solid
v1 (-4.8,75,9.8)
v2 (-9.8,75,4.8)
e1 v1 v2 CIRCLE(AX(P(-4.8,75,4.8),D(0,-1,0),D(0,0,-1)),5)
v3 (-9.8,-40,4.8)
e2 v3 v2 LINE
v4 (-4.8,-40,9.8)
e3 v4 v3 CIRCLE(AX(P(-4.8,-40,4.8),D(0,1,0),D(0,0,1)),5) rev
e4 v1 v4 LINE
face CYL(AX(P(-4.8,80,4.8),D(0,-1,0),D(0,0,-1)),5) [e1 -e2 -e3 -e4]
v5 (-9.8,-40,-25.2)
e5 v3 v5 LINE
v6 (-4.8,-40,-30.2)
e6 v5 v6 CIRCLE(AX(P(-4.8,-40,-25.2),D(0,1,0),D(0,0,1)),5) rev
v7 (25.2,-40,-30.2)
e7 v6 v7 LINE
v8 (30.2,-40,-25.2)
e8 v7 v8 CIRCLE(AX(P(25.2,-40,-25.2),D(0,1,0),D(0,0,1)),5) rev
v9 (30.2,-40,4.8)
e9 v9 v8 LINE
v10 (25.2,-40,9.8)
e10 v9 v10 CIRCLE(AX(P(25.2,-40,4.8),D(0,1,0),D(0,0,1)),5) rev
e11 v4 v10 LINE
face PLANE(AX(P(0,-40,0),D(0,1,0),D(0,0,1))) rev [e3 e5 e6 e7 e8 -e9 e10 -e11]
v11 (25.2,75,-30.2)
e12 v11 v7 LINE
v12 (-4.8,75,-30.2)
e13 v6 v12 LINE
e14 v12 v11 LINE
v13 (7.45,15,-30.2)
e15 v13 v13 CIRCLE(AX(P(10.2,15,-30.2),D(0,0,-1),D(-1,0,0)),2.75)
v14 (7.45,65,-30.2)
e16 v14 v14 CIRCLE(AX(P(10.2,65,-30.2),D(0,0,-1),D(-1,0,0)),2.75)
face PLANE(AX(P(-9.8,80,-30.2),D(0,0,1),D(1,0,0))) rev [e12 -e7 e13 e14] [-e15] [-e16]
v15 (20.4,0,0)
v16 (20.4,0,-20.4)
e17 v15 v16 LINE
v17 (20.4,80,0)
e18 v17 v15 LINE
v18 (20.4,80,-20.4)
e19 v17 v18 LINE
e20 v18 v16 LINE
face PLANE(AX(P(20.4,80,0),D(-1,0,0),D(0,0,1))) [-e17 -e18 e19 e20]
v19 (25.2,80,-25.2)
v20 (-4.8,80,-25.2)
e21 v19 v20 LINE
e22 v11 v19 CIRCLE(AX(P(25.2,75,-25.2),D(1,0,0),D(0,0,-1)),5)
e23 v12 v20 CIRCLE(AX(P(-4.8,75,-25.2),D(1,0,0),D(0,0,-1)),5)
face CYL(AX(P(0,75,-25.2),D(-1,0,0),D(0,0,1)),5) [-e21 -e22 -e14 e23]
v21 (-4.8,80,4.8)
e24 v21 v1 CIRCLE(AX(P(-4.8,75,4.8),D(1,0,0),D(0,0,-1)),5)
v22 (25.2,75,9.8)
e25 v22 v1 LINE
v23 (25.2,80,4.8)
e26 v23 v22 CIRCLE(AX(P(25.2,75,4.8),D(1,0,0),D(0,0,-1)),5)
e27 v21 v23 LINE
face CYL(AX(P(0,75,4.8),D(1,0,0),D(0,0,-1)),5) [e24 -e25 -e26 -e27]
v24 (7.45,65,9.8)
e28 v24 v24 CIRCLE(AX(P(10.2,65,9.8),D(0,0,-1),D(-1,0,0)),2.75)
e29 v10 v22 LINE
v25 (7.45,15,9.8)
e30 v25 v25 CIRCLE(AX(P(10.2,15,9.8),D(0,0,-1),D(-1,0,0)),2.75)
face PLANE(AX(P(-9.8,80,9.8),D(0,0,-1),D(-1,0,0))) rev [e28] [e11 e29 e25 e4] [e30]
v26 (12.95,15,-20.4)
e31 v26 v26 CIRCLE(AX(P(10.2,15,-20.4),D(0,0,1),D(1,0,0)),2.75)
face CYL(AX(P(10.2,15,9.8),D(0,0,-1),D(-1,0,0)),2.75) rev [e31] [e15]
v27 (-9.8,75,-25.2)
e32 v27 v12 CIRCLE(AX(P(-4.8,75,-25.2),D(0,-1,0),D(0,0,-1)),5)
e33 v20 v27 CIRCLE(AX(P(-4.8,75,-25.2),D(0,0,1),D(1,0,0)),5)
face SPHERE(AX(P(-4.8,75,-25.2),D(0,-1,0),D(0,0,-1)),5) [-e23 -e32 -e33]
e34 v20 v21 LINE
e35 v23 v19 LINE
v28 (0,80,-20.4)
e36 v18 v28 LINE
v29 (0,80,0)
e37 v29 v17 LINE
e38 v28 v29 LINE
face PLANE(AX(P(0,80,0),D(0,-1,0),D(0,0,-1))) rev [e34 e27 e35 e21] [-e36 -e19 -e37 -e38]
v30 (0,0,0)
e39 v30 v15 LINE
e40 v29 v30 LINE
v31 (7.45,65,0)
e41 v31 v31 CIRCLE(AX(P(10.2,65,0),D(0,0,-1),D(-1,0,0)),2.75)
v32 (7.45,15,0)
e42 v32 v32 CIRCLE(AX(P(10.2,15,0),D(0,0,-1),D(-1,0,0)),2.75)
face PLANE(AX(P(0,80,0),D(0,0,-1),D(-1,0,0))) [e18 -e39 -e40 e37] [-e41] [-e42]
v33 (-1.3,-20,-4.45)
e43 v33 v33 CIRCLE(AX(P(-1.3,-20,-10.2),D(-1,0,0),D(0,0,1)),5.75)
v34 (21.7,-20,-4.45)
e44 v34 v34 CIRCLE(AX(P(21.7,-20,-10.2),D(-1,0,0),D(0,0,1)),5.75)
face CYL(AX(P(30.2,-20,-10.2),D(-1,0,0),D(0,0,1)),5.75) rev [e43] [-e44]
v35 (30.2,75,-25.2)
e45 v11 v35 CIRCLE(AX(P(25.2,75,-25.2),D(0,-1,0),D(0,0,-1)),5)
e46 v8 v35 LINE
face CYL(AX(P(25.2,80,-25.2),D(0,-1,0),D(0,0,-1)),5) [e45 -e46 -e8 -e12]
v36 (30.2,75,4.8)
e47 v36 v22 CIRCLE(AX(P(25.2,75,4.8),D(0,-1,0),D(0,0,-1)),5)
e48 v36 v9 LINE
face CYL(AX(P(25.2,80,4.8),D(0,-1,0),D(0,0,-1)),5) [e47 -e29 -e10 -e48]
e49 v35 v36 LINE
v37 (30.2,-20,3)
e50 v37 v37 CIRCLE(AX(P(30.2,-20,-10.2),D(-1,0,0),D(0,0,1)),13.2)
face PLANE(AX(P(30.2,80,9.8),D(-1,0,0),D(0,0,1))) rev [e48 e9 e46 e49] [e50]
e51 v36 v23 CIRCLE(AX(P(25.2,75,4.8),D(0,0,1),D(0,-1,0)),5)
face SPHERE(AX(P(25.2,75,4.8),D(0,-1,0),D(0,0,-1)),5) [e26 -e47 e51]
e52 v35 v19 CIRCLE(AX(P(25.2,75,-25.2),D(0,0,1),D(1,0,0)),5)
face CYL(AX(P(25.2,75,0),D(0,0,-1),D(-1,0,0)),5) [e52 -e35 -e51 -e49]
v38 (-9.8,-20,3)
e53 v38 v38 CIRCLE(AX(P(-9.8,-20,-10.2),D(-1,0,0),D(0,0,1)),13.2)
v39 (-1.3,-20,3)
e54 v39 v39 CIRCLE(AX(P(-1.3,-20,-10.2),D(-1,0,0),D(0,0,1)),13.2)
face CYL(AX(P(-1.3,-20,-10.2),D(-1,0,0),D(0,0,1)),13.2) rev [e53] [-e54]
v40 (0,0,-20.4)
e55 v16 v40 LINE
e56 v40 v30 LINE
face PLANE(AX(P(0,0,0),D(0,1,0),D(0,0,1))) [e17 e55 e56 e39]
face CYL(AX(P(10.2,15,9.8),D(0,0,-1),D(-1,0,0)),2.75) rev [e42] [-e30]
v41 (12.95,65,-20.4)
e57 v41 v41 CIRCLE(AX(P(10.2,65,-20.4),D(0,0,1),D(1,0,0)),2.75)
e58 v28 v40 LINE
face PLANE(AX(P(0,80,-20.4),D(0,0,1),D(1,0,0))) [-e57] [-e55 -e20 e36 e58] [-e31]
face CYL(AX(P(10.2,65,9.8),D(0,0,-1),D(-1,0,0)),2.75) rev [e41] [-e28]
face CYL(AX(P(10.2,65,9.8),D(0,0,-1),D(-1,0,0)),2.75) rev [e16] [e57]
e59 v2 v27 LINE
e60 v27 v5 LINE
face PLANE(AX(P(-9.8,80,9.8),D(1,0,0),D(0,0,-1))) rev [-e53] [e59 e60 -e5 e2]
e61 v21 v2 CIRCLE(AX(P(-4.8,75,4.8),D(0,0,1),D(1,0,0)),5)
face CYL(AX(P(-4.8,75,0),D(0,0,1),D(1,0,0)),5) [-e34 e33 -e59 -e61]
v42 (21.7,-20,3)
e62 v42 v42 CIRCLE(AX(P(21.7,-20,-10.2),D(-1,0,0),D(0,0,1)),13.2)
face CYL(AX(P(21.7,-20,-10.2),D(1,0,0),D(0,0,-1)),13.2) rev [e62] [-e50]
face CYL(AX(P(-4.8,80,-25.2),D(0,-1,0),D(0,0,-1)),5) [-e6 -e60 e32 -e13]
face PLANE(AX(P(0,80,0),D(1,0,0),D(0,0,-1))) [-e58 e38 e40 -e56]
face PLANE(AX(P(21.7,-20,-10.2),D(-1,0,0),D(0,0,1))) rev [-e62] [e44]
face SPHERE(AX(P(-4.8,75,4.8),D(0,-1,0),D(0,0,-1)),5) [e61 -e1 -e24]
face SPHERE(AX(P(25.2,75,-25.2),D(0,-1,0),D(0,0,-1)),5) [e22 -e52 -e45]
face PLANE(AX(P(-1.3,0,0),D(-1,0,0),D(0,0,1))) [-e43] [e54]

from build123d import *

# Parameters (mm, degrees)
SKETCH1_W               = 40
SKETCH1_H               = 40
SKETCH1_W_2             = 20.4
SKETCH1_H_2             = 20.4
BOSS_EXTRUDE1_DEPTH     = 80
SKETCH1_2_W             = 40
SKETCH1_2_H             = 40
SKETCH1_2_W_2           = 20.4
SKETCH1_2_H_2           = 20.4
BOSS_EXTRUDE2_DEPTH     = 40
CUT_EXTRUDE1_DEPTH      = 91.68671347
CUT_EXTRUDE1_DEPTH_BACK = 91.68671347
SKETCH2_R               = 2.75
SKETCH3_R               = 13.2
SKETCH3_R_2             = 5.75
CUT_EXTRUDE2_DEPTH      = 8.5
CUT_EXTRUDE3_START      = -31.5
SKETCH3_3_R             = 13.2
SKETCH3_3_R_2           = 5.75
CUT_EXTRUDE3_DEPTH      = 8.5
SKETCH3_4_R             = 5.75
CUT_EXTRUDE4_DEPTH      = 95.403601626
FILLET1_R               = 5
FILLET2_R               = 5


with BuildPart() as part:
    # Sketch1 → Boss-Extrude1 (new body)
    with BuildSketch(Plane(origin=(0, 0, 0), x_dir=(1, 0, 0), z_dir=(0, 1, 0))):
        with Locations((10.2, 10.2)):
            Rectangle(SKETCH1_W, SKETCH1_H)
        with Locations((10.2, 10.2)):
            Rectangle(SKETCH1_W_2, SKETCH1_H_2, mode=Mode.SUBTRACT)
    extrude(amount=BOSS_EXTRUDE1_DEPTH)

    # Sketch1<2> → Boss-Extrude2 (add)
    # profile 1 of 2: a face of its own
    with BuildSketch(Plane(origin=(0, 0, 0), x_dir=(1, 0, 0), z_dir=(0, 1, 0))):
        with Locations((10.2, 10.2)):
            Rectangle(SKETCH1_2_W, SKETCH1_2_H)
        with Locations((10.2, 10.2)):
            Rectangle(SKETCH1_2_W_2, SKETCH1_2_H_2, mode=Mode.SUBTRACT)
    # profile 2 of 2: a face of its own
    with BuildSketch(Plane(origin=(0, 0, 0), x_dir=(1, 0, 0), z_dir=(0, 1, 0))):
        with Locations((10.2, 10.2)):
            Rectangle(SKETCH1_2_W_2, SKETCH1_2_H_2)
    extrude(amount=-BOSS_EXTRUDE2_DEPTH)

    # Sketch2 → Cut-Extrude1 (cut, two sides: drawn at the far end of the back side and taken through both)
    with BuildSketch(Plane(origin=(0, 0, 0), x_dir=(-1, 0, 0), z_dir=(0, 0, -1)).offset(-CUT_EXTRUDE1_DEPTH_BACK)):
        with Locations((-10.2, 15)):
            Circle(SKETCH2_R)
        with Locations((-10.2, 65)):
            Circle(SKETCH2_R)
    extrude(amount=CUT_EXTRUDE1_DEPTH + CUT_EXTRUDE1_DEPTH_BACK, mode=Mode.SUBTRACT)

    # Sketch3 → Cut-Extrude2 (cut)
    with BuildSketch(Plane.ZY.offset(9.8)):
        with Locations((-10.2, -20)):
            Circle(SKETCH3_R)
        with Locations((-10.2, -20)):
            Circle(SKETCH3_R_2, mode=Mode.SUBTRACT)
    extrude(amount=-CUT_EXTRUDE2_DEPTH, mode=Mode.SUBTRACT)

    # Sketch3<3> → Cut-Extrude3 (cut)
    with BuildSketch(Plane.ZY.offset(9.8).offset(CUT_EXTRUDE3_START)):
        with Locations((-10.2, -20)):
            Circle(SKETCH3_3_R)
        with Locations((-10.2, -20)):
            Circle(SKETCH3_3_R_2, mode=Mode.SUBTRACT)
    extrude(amount=-CUT_EXTRUDE3_DEPTH, mode=Mode.SUBTRACT)

    # Sketch3<4> → Cut-Extrude4 (cut, through all)
    with BuildSketch(Plane.ZY.offset(9.8)):
        with Locations((-10.2, -20)):
            Circle(SKETCH3_4_R)
    extrude(amount=-CUT_EXTRUDE4_DEPTH, mode=Mode.SUBTRACT)

    # Fillet1
    fillet1_edges = [part.edges().sort_by_distance(p)[0] for p in [
        (-9.8, 20, -30.2),
        (30.2, 20, -30.2),
        (30.2, 20, 9.8),
        (-9.8, 20, 9.8),
    ]]
    fillet(fillet1_edges, radius=FILLET1_R)

    # Fillet2
    fillet2_edges = [part.edges().sort_by_distance(p)[0] for p in [
        (-9.8, 80, -10.2),
        (10.2, 80, -30.2),
        (10.2, 80, 9.8),
        (30.2, 80, -10.2),
        (28.735533906, 80, -28.735533906),
        (28.735533906, 80, 8.335533906),
        (-8.335533906, 80, 8.335533906),
        (-8.335533906, 80, -28.735533906),
    ]]
    fillet(fillet2_edges, radius=FILLET2_R)


solid = part.part
